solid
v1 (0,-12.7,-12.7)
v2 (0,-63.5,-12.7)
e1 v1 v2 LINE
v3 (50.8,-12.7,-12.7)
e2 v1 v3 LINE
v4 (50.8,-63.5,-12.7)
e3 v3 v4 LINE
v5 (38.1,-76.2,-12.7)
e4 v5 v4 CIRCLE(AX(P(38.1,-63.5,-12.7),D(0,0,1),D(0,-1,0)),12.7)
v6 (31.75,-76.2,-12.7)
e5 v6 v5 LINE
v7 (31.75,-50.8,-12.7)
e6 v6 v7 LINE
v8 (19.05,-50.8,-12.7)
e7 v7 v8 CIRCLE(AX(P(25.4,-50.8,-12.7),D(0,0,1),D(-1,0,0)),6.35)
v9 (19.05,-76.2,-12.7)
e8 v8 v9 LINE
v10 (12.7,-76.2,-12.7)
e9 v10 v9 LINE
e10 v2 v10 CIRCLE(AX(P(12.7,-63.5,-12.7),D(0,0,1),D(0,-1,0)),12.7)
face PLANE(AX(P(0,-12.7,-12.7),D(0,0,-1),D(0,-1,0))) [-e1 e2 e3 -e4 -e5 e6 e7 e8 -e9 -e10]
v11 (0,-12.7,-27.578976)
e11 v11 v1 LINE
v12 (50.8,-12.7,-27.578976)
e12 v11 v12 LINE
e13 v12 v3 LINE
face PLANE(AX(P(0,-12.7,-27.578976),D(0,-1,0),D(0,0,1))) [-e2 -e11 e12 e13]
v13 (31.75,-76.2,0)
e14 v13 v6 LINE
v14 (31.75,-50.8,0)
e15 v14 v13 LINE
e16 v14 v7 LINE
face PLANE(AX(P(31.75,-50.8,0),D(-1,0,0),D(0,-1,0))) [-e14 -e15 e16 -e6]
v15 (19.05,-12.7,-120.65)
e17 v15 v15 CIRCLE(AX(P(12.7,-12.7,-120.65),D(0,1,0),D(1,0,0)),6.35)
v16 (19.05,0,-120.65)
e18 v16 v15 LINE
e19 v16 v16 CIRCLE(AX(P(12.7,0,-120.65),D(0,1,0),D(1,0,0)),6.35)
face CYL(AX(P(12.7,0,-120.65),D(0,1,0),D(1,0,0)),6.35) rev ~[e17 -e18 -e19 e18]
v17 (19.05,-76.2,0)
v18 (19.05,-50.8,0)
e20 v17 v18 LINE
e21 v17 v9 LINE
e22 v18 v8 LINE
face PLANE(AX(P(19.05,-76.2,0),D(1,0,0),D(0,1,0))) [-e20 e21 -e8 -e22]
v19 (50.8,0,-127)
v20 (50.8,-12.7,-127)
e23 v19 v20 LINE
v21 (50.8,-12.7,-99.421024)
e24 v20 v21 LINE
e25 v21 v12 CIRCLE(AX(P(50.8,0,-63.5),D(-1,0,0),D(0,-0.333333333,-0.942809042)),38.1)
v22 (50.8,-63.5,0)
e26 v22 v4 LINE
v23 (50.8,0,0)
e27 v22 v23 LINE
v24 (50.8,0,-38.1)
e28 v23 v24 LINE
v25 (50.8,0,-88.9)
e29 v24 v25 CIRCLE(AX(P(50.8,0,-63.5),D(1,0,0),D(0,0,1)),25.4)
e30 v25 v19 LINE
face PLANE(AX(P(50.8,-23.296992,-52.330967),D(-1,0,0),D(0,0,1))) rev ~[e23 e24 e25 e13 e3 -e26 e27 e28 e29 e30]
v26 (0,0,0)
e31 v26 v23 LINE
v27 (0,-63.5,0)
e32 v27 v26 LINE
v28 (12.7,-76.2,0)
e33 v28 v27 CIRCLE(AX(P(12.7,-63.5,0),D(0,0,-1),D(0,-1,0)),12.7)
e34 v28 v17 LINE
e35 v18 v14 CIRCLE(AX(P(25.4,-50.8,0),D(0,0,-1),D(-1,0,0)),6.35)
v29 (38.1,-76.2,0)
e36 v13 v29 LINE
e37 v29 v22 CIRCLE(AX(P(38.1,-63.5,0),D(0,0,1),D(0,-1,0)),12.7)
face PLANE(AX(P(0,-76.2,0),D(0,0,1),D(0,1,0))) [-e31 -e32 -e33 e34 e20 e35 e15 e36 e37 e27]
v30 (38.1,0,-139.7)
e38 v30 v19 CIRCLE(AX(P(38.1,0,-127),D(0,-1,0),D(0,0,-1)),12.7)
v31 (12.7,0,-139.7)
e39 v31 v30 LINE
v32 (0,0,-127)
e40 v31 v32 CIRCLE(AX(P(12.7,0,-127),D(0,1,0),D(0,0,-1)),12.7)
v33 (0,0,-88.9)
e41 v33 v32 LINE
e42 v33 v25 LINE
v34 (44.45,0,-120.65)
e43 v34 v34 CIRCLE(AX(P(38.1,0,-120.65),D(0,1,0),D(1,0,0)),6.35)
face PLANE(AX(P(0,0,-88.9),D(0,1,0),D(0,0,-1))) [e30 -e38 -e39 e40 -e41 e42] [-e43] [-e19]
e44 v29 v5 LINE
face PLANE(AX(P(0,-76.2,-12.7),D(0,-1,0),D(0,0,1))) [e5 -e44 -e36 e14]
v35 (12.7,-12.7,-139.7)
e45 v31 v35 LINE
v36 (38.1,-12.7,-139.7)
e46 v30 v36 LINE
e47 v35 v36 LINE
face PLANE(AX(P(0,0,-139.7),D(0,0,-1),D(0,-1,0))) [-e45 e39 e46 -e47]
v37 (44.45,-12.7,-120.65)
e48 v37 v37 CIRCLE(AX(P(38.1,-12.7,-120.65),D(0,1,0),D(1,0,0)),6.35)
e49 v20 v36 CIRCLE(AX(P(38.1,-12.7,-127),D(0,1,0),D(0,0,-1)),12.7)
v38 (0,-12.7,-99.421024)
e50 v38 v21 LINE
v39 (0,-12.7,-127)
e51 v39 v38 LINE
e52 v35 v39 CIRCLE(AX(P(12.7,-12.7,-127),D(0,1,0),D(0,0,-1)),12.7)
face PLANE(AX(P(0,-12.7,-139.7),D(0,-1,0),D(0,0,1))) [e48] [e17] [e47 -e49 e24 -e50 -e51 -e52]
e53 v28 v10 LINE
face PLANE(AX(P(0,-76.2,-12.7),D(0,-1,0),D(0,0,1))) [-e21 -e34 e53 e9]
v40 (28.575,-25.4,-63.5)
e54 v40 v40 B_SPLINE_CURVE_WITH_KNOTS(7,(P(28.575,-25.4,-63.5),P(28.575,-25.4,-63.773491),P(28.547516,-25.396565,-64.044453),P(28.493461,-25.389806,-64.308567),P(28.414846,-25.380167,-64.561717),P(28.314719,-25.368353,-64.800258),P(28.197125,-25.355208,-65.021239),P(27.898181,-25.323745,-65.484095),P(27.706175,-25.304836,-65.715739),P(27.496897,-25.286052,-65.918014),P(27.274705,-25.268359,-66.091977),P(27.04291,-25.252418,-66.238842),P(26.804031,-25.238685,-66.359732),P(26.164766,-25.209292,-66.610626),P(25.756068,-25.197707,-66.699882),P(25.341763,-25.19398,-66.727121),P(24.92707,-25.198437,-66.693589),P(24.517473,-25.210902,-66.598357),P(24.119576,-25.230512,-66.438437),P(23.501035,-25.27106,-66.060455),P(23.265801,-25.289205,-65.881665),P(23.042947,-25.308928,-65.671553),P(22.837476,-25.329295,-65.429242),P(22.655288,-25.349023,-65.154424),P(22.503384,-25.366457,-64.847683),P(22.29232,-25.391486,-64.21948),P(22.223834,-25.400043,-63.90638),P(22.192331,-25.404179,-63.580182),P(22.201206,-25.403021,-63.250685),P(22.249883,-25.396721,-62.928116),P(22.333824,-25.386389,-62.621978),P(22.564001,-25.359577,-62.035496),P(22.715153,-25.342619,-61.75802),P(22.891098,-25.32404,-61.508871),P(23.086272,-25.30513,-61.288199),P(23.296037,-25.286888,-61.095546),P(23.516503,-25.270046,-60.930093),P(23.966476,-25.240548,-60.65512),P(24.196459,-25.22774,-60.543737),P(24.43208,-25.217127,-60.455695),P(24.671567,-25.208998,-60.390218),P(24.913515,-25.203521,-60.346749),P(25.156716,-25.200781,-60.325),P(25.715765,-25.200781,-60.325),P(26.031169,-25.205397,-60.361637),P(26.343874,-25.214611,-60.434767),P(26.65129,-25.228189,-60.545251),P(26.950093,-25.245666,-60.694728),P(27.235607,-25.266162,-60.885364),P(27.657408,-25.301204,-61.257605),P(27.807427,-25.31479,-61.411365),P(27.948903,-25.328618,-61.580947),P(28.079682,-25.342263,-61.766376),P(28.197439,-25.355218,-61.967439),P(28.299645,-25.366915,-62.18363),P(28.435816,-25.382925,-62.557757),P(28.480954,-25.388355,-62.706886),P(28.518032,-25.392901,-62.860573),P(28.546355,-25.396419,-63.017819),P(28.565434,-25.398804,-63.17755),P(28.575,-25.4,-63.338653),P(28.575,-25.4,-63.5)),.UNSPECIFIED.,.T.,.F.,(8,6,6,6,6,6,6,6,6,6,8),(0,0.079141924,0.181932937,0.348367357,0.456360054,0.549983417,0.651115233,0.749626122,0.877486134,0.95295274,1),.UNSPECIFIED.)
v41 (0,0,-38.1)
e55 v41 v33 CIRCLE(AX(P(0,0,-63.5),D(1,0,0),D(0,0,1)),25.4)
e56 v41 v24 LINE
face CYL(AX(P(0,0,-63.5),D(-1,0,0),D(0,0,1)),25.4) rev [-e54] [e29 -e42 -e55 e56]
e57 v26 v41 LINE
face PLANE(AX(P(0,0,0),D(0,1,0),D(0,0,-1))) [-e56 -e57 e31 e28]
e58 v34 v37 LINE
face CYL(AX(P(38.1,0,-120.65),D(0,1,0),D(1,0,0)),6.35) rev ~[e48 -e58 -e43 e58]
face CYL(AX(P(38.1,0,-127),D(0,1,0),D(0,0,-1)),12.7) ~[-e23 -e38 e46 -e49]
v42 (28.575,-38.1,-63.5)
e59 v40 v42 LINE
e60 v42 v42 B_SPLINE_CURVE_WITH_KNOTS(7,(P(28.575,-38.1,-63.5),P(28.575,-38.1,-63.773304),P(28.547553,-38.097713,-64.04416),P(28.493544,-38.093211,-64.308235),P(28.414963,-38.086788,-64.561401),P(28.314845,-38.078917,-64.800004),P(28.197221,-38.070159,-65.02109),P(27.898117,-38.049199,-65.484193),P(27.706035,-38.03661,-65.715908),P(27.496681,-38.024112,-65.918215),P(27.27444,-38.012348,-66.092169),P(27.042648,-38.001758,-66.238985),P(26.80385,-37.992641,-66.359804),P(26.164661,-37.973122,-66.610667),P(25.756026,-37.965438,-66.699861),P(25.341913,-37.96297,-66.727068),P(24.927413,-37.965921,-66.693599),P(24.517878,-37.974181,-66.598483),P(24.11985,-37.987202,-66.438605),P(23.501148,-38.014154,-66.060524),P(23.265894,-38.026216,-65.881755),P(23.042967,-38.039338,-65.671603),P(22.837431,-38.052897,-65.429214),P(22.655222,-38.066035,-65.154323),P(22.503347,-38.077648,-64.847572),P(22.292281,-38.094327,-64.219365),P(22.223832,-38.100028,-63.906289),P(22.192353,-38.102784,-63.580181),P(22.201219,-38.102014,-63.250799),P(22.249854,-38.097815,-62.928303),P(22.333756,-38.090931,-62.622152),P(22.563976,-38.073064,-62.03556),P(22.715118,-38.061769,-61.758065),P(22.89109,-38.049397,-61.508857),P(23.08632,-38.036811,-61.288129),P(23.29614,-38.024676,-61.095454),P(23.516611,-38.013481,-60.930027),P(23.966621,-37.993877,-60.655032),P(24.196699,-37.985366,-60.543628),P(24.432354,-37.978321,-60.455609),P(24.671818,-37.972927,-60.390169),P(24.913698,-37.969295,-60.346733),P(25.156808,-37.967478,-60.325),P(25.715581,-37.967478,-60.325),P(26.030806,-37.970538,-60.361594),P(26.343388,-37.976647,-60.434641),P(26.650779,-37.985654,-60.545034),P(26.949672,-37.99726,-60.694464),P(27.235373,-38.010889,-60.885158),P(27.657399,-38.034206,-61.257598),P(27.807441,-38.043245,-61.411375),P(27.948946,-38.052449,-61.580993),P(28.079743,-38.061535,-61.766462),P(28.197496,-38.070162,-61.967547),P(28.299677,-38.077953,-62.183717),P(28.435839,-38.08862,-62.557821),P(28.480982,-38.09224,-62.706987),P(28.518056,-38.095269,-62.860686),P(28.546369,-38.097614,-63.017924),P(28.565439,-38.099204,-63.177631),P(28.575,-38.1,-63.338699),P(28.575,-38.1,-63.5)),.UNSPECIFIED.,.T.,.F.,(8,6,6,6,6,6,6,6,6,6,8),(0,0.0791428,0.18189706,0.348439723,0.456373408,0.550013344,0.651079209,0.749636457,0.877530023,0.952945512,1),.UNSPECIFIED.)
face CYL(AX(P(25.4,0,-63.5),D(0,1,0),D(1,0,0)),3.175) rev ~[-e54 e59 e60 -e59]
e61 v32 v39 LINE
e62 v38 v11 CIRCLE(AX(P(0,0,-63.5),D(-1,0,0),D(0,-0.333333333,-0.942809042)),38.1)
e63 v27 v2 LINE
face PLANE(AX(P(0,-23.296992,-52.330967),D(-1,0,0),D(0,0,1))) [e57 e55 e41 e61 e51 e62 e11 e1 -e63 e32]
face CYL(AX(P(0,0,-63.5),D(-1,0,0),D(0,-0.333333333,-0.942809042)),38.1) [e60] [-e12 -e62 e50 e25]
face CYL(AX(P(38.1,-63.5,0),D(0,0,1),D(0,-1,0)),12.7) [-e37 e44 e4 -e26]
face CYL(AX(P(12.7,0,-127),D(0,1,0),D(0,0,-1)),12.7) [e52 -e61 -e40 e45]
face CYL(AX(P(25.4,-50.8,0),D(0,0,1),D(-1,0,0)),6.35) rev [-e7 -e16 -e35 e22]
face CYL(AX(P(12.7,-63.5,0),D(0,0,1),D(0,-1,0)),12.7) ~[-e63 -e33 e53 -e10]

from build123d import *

# Parameters (mm, degrees)
BOSS_EXTRUDE1_DEPTH = 50.8
CUT_EXTRUDE1_DEPTH  = 22.86
CUT_EXTRUDE2_DEPTH  = 22.86
CUT_EXTRUDE3_DEPTH  = 22.86
SKETCH6_R           = 3.175
CUT_EXTRUDE4_DEPTH  = 60.96
CUT_EXTRUDE5_DEPTH  = 30.48
CUT_EXTRUDE6_DEPTH  = 30.48
SKETCH10_R          = 6.35
CUT_EXTRUDE7_DEPTH  = 30.48


with BuildPart() as part:
    # Sketch2 → Boss-Extrude1 (new body)
    with BuildSketch(Plane(origin=(0, 0, 0), x_dir=(0, 0, -1), z_dir=(1, 0, 0))):
        with BuildLine():
            Line((0, 0), (38.1, 0))
            ThreePointArc((38.1, 0), (63.5, -25.4), (88.9, 0))
            Line((88.9, 0), (139.7, 0))
            Line((139.7, 0), (139.7, -12.7))
            Line((139.7, -12.7), (99.421024484, -12.7))
            ThreePointArc((99.421024484, -12.7), (63.5, -38.1), (27.578975516, -12.7))
            Line((27.578975516, -12.7), (12.7, -12.7))
            Line((12.7, -12.7), (12.7, -76.2))
            Line((12.7, -76.2), (0, -76.2))
            Line((0, -76.2), (0, 0))
        make_face()
    extrude(amount=BOSS_EXTRUDE1_DEPTH)

    # Sketch3 → Cut-Extrude1 (cut)
    with BuildSketch(Plane.XY):
        with BuildLine():
            Line((50.8, -63.5), (50.8, -76.2))
            Line((50.8, -76.2), (38.1, -76.2))
            ThreePointArc((38.1, -76.2), (47.080256121, -72.480256121), (50.8, -63.5))
        make_face()
    extrude(amount=-CUT_EXTRUDE1_DEPTH, mode=Mode.SUBTRACT)

    # Sketch4 → Cut-Extrude2 (cut)
    with BuildSketch(Plane.XY):
        with BuildLine():
            Line((0, -63.5), (0, -76.2))
            Line((0, -76.2), (12.7, -76.2))
            ThreePointArc((12.7, -76.2), (3.719743879, -72.480256121), (0, -63.5))
        make_face()
    extrude(amount=-CUT_EXTRUDE2_DEPTH, mode=Mode.SUBTRACT)

    # Sketch5 → Cut-Extrude3 (cut)
    with BuildSketch(Plane.XY):
        with BuildLine():
            Line((19.05, -76.2), (19.05, -50.8))
            ThreePointArc((19.05, -50.8), (25.4, -44.45), (31.75, -50.8))
            Line((31.75, -50.8), (31.75, -76.2))
            Line((31.75, -76.2), (19.05, -76.2))
        make_face()
    extrude(amount=-CUT_EXTRUDE3_DEPTH, mode=Mode.SUBTRACT)

    # Sketch6 → Cut-Extrude4 (cut)
    with BuildSketch(Plane(origin=(0, 0, 0), x_dir=(1, 0, 0), z_dir=(0, 1, 0))):
        with Locations((25.4, 63.5)):
            Circle(SKETCH6_R)
    extrude(amount=-CUT_EXTRUDE4_DEPTH, mode=Mode.SUBTRACT)

    # Sketch7 → Cut-Extrude5 (cut)
    with BuildSketch(Plane(origin=(0, 0, 0), x_dir=(1, 0, 0), z_dir=(0, 1, 0))):
        with BuildLine():
            Line((0, 127), (0, 139.7))
            Line((0, 139.7), (12.7, 139.7))
            ThreePointArc((12.7, 139.7), (3.719743879, 135.980256121), (0, 127))
        make_face()
    extrude(amount=-CUT_EXTRUDE5_DEPTH, mode=Mode.SUBTRACT)

    # Sketch9 → Cut-Extrude6 (cut)
    with BuildSketch(Plane(origin=(0, 0, 0), x_dir=(1, 0, 0), z_dir=(0, 1, 0))):
        with BuildLine():
            Line((50.8, 127), (50.8, 139.7))
            Line((50.8, 139.7), (38.1, 139.7))
            ThreePointArc((38.1, 139.7), (47.080256121, 135.980256121), (50.8, 127))
        make_face()
    extrude(amount=-CUT_EXTRUDE6_DEPTH, mode=Mode.SUBTRACT)

    # Sketch10 → Cut-Extrude7 (cut)
    with BuildSketch(Plane(origin=(0, 0, 0), x_dir=(1, 0, 0), z_dir=(0, 1, 0))):
        with Locations((38.1, 120.65)):
            Circle(SKETCH10_R)
        with Locations((12.7, 120.65)):
            Circle(SKETCH10_R)
    extrude(amount=-CUT_EXTRUDE7_DEPTH, mode=Mode.SUBTRACT)


solid = part.part
